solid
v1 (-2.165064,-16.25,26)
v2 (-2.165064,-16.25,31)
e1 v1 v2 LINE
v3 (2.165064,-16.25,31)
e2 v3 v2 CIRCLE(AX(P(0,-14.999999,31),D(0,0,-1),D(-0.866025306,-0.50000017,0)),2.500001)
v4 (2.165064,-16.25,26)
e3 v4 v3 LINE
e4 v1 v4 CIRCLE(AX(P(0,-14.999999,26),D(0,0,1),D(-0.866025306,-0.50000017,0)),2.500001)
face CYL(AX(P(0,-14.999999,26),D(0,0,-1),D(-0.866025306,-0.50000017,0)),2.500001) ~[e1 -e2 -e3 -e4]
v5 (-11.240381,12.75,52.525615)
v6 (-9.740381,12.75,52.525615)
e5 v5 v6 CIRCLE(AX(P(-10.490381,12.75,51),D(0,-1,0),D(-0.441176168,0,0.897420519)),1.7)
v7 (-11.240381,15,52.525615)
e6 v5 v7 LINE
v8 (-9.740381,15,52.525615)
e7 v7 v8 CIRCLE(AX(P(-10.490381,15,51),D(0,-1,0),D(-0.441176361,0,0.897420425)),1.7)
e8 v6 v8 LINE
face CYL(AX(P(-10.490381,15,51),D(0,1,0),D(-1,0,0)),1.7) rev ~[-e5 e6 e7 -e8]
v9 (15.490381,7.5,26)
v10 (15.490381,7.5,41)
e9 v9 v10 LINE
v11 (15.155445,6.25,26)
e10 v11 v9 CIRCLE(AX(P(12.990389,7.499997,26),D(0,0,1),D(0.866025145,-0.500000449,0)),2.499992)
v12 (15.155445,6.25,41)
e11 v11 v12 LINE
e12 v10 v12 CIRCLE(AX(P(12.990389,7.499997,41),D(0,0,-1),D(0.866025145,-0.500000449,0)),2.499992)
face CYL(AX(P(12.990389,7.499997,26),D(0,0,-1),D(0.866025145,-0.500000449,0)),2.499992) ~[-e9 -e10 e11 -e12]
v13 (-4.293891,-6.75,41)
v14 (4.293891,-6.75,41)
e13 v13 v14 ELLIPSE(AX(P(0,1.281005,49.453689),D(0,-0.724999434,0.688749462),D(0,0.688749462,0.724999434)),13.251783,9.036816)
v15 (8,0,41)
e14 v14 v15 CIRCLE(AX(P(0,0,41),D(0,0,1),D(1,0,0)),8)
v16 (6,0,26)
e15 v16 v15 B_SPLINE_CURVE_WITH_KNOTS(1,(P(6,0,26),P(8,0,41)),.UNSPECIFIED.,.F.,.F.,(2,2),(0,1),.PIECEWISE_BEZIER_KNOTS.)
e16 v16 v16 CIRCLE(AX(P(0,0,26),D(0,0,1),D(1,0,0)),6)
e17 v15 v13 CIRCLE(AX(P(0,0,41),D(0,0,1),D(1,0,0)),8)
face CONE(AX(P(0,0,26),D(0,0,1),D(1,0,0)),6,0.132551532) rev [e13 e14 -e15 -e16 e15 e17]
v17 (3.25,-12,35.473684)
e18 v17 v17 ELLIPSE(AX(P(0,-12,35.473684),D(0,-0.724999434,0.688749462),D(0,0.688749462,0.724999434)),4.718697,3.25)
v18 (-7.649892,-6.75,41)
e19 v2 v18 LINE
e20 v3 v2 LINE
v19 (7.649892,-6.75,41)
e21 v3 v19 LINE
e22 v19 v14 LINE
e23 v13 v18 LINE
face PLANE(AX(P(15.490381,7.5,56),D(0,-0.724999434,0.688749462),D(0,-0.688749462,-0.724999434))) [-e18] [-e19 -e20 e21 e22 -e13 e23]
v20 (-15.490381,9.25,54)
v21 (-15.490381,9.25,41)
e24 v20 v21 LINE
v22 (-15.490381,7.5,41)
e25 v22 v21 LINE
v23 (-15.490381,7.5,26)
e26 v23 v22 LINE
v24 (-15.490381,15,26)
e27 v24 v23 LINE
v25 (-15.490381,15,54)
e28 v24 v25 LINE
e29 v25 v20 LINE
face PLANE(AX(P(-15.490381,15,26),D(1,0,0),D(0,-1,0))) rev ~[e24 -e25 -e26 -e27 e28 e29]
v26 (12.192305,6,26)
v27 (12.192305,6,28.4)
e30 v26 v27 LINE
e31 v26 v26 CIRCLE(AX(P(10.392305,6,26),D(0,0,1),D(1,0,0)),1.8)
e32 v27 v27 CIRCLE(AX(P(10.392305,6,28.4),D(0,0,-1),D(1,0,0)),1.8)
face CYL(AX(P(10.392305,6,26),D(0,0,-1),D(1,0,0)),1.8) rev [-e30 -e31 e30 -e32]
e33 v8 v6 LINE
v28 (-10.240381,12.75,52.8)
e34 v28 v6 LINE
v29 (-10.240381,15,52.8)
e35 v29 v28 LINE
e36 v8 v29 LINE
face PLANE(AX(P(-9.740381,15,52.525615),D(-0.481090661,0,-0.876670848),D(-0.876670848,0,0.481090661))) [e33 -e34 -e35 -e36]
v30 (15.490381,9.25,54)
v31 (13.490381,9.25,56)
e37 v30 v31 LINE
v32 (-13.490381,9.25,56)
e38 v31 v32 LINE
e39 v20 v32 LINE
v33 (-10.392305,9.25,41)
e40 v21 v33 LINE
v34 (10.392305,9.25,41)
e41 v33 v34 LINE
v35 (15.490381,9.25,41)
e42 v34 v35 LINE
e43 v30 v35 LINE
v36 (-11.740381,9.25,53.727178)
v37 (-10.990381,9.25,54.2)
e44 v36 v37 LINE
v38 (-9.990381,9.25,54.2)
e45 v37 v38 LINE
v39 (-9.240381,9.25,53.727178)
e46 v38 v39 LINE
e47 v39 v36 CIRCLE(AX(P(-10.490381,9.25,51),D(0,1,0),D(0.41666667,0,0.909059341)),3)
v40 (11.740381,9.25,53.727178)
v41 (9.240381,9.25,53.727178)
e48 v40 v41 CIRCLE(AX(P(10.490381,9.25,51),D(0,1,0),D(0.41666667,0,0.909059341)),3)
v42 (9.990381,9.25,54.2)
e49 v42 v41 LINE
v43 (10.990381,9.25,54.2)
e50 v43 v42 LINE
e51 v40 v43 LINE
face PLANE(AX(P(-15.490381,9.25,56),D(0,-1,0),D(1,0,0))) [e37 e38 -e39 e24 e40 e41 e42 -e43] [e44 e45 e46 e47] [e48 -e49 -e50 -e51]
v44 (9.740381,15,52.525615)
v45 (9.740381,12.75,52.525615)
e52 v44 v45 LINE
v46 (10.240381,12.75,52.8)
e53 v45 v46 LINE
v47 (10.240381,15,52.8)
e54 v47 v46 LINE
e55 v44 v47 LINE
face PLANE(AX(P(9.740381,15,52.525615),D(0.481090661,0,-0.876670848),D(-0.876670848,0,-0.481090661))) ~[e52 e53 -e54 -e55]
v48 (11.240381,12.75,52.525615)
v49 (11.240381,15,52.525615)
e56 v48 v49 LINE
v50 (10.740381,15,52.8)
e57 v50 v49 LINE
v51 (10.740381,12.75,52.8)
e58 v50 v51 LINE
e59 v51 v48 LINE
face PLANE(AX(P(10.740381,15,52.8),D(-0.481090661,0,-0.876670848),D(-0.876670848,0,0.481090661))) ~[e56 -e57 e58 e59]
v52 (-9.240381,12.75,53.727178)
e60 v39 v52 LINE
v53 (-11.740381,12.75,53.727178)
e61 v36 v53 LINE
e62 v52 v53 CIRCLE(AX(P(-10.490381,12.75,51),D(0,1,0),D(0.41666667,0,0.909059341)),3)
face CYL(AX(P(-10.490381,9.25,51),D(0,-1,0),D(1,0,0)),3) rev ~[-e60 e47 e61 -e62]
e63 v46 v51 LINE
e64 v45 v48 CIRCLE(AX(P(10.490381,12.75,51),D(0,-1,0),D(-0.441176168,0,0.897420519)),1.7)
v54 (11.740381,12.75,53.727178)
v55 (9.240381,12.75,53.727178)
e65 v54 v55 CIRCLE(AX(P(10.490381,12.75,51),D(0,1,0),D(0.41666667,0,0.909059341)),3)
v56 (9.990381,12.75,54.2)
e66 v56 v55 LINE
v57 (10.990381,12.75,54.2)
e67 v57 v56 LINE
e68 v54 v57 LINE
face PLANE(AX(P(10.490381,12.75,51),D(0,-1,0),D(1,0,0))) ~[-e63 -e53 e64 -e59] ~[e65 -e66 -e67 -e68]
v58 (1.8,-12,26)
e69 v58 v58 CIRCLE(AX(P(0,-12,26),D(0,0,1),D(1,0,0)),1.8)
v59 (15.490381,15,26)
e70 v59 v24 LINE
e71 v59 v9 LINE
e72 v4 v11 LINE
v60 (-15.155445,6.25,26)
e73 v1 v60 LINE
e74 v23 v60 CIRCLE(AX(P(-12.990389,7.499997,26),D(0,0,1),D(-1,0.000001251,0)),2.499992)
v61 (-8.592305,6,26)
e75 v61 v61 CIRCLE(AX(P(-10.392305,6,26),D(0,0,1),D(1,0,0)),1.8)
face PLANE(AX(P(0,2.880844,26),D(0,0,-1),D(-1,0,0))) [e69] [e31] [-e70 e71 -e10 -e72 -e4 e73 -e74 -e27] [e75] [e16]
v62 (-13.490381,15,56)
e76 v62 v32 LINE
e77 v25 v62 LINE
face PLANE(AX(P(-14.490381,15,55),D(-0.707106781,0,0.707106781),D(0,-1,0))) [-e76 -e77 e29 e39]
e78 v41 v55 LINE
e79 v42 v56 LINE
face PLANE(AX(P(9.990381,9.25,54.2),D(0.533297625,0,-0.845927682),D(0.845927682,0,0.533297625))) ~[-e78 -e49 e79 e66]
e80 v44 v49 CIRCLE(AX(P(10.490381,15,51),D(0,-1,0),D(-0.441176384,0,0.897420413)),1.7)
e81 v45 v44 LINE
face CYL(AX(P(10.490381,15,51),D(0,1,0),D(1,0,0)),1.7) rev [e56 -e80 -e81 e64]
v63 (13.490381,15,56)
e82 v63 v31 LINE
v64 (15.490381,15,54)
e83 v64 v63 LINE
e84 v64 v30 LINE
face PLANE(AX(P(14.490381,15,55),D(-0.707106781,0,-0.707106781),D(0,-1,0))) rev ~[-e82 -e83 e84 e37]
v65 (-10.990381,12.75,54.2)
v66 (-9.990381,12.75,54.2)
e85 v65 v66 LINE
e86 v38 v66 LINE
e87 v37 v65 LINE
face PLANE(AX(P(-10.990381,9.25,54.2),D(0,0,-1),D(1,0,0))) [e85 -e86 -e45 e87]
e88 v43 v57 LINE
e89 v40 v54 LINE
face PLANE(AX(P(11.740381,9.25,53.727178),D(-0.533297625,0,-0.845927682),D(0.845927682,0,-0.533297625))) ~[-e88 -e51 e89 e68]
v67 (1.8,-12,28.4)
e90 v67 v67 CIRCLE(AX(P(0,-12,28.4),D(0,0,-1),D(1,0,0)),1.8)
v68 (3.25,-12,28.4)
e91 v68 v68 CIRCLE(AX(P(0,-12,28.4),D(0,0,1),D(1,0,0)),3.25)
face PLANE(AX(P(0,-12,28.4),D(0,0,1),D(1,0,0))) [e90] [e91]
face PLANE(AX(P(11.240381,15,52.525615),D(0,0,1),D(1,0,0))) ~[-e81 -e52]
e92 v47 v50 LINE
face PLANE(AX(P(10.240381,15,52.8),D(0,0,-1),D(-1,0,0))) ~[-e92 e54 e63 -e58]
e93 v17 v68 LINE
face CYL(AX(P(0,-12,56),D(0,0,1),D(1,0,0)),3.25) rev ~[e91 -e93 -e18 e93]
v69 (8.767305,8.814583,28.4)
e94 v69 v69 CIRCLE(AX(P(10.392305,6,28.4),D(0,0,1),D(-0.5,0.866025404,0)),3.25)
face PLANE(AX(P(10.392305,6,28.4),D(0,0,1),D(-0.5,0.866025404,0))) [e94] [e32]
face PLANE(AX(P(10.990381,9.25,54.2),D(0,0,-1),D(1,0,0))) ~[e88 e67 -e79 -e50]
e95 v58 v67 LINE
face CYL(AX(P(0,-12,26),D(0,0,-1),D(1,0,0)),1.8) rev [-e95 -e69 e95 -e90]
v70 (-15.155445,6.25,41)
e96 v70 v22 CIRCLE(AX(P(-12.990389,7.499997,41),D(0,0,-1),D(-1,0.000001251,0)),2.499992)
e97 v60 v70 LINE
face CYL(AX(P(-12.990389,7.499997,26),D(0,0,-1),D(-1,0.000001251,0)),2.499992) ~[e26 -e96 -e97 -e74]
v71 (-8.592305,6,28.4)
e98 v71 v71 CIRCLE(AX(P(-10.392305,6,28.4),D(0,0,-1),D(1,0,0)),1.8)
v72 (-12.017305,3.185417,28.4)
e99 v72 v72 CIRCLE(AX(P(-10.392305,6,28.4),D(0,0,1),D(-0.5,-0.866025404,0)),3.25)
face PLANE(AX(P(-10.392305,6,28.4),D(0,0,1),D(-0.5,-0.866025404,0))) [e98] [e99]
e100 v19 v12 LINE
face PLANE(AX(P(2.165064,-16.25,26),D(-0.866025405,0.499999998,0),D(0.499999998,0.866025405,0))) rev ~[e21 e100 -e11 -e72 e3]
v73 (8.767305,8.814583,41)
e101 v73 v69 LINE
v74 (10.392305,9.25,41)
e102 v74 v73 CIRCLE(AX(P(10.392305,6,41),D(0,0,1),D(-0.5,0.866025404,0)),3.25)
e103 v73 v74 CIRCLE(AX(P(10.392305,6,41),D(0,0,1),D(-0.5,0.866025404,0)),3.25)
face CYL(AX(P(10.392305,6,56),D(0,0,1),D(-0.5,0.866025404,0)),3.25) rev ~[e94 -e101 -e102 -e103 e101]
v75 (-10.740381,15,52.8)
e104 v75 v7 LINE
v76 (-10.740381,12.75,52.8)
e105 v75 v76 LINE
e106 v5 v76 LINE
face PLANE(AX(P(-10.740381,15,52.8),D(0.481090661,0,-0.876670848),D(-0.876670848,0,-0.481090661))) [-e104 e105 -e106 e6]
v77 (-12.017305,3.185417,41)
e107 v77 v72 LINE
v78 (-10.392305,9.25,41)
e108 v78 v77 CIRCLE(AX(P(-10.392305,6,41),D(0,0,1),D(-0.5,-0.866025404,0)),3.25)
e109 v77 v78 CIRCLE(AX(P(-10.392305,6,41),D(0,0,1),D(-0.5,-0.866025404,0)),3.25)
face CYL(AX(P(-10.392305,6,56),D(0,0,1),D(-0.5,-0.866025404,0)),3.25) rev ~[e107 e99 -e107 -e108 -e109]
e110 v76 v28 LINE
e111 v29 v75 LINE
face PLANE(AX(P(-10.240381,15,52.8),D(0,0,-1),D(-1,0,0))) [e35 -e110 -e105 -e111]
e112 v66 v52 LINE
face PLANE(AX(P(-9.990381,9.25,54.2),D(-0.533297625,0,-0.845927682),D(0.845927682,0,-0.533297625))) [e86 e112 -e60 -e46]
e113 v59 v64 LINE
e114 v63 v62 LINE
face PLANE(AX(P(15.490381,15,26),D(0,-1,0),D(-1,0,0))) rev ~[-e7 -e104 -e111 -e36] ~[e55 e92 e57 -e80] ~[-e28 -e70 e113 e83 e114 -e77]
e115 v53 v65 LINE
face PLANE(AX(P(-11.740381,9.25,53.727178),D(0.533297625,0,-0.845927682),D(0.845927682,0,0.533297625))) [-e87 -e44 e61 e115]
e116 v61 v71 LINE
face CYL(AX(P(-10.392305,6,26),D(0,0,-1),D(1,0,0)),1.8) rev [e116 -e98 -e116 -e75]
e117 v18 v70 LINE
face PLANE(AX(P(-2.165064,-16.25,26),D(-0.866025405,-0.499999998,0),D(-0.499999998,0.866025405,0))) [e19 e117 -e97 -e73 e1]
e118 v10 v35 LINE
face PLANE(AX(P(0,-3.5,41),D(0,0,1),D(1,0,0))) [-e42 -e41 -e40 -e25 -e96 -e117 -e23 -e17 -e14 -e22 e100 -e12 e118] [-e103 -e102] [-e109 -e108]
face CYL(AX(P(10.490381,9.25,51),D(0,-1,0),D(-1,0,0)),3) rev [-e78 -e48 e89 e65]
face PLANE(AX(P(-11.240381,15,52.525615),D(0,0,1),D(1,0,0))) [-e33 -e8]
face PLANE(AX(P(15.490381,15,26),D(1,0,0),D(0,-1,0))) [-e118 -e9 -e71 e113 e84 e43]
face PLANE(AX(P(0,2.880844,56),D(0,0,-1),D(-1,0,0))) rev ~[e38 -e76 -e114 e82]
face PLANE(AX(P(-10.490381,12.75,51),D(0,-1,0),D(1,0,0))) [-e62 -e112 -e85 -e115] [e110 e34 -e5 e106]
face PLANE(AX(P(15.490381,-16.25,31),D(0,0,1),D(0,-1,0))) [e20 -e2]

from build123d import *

# Parameters (mm, degrees)
SKETCH017_R           = 1.8
SKETCH017_R_2         = 6
PAD003_DEPTH          = 30
SKETCH018_R           = 3.25
POCKET009_DEPTH       = 27.6
POLARPATTERN004_COUNT = 3
POCKET010_DEPTH       = 30.981762
SKETCH020_W           = 30.980762
SKETCH020_H           = 25.5
POCKET011_DEPTH       = 15
SKETCH021_R           = 1.7
POCKET012_DEPTH       = 140.502067
SKETCH022_R           = 3
POCKET013_DEPTH       = 3.5
CHAMFER_SIZE          = 2
POCKET014_DEPTH       = 140.502067
POCKET015_DEPTH       = 3.5
SKETCH025_R           = 6
SKETCH026_R           = 8


with BuildPart() as part:
    # Sketch017 → Pad003 (new body)
    with BuildSketch(Plane.XY):
        with BuildLine():
            Line((-2.165064, -16.25), (-15.155445, 6.25))
            ThreePointArc((-15.490381, 7.5), (-15.405196, 6.852952), (-15.155445, 6.25))
            Line((-15.490381, 15), (-15.490381, 7.5))
            Line((15.490381, 15), (-15.490381, 15))
            Line((15.490381, 15), (15.490381, 7.5))
            ThreePointArc((15.155445, 6.25), (15.405196, 6.852952), (15.490381, 7.5))
            Line((2.165064, -16.25), (15.155445, 6.25))
            ThreePointArc((-2.165064, -16.25), (0, -17.5), (2.165064, -16.25))
        make_face()
        with Locations((-10.392305, 6)):
            Circle(SKETCH017_R, mode=Mode.SUBTRACT)
        with Locations((10.392305, 6)):
            Circle(SKETCH017_R, mode=Mode.SUBTRACT)
        with Locations((0, -12)):
            Circle(SKETCH017_R, mode=Mode.SUBTRACT)
        Circle(SKETCH017_R_2, mode=Mode.SUBTRACT)
    extrude(amount=PAD003_DEPTH)

    # Sketch018 (on Face14 of Pad003) → Pocket009 (cut)
    with BuildSketch(Plane.XY.offset(30)):
        with Locations((0, -12)):
            Circle(SKETCH018_R)
    pocket009 = extrude(amount=-POCKET009_DEPTH, mode=Mode.SUBTRACT)

    # PolarPattern004: Pocket009 ×3 about axis
    polarpattern004_axis = Axis((0, 0, 30), (0, 0, 1))
    for i in range(1, POLARPATTERN004_COUNT):
        add(pocket009.rotate(polarpattern004_axis, i * 360 / POLARPATTERN004_COUNT), mode=Mode.SUBTRACT)

    # Sketch019 (on DatumPlane) → Pocket010 (cut, through all)
    with BuildSketch(Plane.YZ.offset(15.490381)):
        Polygon((7.5, 30), (-16.25, 5), (-18.75, 5), (-18.75, 30), align=None)
    extrude(amount=-POCKET010_DEPTH, mode=Mode.SUBTRACT)

    # Sketch020 (on Face16 of Pocket010) → Pocket011 (cut)
    with BuildSketch(Plane.XY.offset(30)):
        with Locations((0, -3.5)):
            Rectangle(SKETCH020_W, SKETCH020_H)
    extrude(amount=-POCKET011_DEPTH, mode=Mode.SUBTRACT)

    # Sketch021 (on Face8 of Pocket011) → Pocket012 (cut, through all)
    with BuildSketch(Plane(origin=(0, 15, 0), x_dir=(-1, 0, 0), z_dir=(0, 1, 0))):
        with Locations((10.490381, 25)):
            Circle(SKETCH021_R)
    pocket012 = extrude(amount=-POCKET012_DEPTH, mode=Mode.SUBTRACT)

    # Mirrored: Pocket012 across Sketch021 V_Axis
    add(pocket012.mirror(Plane(origin=(0, 15, 0), x_dir=(0, 1, 0), z_dir=(-1, 0, 0))), mode=Mode.SUBTRACT)

    # Sketch022 (on Face17 of Mirrored) → Pocket013 (cut)
    with BuildSketch(Plane.XZ.offset(-9.25)):
        with Locations((-10.490381, 25)):
            Circle(SKETCH022_R)
    pocket013 = extrude(amount=-POCKET013_DEPTH, mode=Mode.SUBTRACT)

    # Mirrored001: Pocket013 across Sketch022 V_Axis
    add(pocket013.mirror(Plane(origin=(0, 9.25, 0), x_dir=(0, -1, 0), z_dir=(1, 0, 0))), mode=Mode.SUBTRACT)

    # Chamfer
    chamfer_edges = [part.edges().sort_by_distance(p)[0] for p in [
        (-15.490381, 12.125, 30),
        (15.490381, 12.125, 30),
    ]]
    chamfer(chamfer_edges, length=CHAMFER_SIZE)

    # Sketch023 (on Face5 of Chamfer) → Pocket014 (cut, through all)
    with BuildSketch(Plane(origin=(0, 15, 0), x_dir=(-1, 0, 0), z_dir=(0, 1, 0))):
        Polygon((9.740381, 26.525615), (10.240381, 26.8), (10.740381, 26.8), (11.240381, 26.525615), align=None)
    pocket014 = extrude(amount=-POCKET014_DEPTH, mode=Mode.SUBTRACT)

    # Mirrored002: Pocket014 across Sketch023 V_Axis
    add(pocket014.mirror(Plane(origin=(0, 15, 0), x_dir=(0, 1, 0), z_dir=(-1, 0, 0))), mode=Mode.SUBTRACT)

    # Sketch024 (on Face2 of Mirrored002) → Pocket015 (cut)
    with BuildSketch(Plane.XZ.offset(-9.25)):
        Polygon((-11.740381, 27.727178), (-10.990381, 28.2), (-9.990381, 28.2), (-9.240381, 27.727178), align=None)
    pocket015 = extrude(amount=-POCKET015_DEPTH, mode=Mode.SUBTRACT)

    # Mirrored003: Pocket015 across Sketch024 V_Axis
    add(pocket015.mirror(Plane(origin=(0, 9.25, 0), x_dir=(0, -1, 0), z_dir=(1, 0, 0))), mode=Mode.SUBTRACT)

    # Sketch025 (on Face7 of Mirrored003) → SubtractiveLoft section 0
    with BuildSketch(Plane(origin=(0, 0, 0), x_dir=(1, 0, 0), z_dir=(0, 0, -1))):
        Circle(SKETCH025_R)
    # Sketch026 (on Face4 of Mirrored003) → SubtractiveLoft section 1
    with BuildSketch(Plane.XY.offset(15)):
        Circle(SKETCH026_R)
    loft(mode=Mode.SUBTRACT)


with BuildPart() as part_1:
    # Body004 placement: moved
    add(part.part.moved(Location((0, 0, 26))))


solid = part_1.part
